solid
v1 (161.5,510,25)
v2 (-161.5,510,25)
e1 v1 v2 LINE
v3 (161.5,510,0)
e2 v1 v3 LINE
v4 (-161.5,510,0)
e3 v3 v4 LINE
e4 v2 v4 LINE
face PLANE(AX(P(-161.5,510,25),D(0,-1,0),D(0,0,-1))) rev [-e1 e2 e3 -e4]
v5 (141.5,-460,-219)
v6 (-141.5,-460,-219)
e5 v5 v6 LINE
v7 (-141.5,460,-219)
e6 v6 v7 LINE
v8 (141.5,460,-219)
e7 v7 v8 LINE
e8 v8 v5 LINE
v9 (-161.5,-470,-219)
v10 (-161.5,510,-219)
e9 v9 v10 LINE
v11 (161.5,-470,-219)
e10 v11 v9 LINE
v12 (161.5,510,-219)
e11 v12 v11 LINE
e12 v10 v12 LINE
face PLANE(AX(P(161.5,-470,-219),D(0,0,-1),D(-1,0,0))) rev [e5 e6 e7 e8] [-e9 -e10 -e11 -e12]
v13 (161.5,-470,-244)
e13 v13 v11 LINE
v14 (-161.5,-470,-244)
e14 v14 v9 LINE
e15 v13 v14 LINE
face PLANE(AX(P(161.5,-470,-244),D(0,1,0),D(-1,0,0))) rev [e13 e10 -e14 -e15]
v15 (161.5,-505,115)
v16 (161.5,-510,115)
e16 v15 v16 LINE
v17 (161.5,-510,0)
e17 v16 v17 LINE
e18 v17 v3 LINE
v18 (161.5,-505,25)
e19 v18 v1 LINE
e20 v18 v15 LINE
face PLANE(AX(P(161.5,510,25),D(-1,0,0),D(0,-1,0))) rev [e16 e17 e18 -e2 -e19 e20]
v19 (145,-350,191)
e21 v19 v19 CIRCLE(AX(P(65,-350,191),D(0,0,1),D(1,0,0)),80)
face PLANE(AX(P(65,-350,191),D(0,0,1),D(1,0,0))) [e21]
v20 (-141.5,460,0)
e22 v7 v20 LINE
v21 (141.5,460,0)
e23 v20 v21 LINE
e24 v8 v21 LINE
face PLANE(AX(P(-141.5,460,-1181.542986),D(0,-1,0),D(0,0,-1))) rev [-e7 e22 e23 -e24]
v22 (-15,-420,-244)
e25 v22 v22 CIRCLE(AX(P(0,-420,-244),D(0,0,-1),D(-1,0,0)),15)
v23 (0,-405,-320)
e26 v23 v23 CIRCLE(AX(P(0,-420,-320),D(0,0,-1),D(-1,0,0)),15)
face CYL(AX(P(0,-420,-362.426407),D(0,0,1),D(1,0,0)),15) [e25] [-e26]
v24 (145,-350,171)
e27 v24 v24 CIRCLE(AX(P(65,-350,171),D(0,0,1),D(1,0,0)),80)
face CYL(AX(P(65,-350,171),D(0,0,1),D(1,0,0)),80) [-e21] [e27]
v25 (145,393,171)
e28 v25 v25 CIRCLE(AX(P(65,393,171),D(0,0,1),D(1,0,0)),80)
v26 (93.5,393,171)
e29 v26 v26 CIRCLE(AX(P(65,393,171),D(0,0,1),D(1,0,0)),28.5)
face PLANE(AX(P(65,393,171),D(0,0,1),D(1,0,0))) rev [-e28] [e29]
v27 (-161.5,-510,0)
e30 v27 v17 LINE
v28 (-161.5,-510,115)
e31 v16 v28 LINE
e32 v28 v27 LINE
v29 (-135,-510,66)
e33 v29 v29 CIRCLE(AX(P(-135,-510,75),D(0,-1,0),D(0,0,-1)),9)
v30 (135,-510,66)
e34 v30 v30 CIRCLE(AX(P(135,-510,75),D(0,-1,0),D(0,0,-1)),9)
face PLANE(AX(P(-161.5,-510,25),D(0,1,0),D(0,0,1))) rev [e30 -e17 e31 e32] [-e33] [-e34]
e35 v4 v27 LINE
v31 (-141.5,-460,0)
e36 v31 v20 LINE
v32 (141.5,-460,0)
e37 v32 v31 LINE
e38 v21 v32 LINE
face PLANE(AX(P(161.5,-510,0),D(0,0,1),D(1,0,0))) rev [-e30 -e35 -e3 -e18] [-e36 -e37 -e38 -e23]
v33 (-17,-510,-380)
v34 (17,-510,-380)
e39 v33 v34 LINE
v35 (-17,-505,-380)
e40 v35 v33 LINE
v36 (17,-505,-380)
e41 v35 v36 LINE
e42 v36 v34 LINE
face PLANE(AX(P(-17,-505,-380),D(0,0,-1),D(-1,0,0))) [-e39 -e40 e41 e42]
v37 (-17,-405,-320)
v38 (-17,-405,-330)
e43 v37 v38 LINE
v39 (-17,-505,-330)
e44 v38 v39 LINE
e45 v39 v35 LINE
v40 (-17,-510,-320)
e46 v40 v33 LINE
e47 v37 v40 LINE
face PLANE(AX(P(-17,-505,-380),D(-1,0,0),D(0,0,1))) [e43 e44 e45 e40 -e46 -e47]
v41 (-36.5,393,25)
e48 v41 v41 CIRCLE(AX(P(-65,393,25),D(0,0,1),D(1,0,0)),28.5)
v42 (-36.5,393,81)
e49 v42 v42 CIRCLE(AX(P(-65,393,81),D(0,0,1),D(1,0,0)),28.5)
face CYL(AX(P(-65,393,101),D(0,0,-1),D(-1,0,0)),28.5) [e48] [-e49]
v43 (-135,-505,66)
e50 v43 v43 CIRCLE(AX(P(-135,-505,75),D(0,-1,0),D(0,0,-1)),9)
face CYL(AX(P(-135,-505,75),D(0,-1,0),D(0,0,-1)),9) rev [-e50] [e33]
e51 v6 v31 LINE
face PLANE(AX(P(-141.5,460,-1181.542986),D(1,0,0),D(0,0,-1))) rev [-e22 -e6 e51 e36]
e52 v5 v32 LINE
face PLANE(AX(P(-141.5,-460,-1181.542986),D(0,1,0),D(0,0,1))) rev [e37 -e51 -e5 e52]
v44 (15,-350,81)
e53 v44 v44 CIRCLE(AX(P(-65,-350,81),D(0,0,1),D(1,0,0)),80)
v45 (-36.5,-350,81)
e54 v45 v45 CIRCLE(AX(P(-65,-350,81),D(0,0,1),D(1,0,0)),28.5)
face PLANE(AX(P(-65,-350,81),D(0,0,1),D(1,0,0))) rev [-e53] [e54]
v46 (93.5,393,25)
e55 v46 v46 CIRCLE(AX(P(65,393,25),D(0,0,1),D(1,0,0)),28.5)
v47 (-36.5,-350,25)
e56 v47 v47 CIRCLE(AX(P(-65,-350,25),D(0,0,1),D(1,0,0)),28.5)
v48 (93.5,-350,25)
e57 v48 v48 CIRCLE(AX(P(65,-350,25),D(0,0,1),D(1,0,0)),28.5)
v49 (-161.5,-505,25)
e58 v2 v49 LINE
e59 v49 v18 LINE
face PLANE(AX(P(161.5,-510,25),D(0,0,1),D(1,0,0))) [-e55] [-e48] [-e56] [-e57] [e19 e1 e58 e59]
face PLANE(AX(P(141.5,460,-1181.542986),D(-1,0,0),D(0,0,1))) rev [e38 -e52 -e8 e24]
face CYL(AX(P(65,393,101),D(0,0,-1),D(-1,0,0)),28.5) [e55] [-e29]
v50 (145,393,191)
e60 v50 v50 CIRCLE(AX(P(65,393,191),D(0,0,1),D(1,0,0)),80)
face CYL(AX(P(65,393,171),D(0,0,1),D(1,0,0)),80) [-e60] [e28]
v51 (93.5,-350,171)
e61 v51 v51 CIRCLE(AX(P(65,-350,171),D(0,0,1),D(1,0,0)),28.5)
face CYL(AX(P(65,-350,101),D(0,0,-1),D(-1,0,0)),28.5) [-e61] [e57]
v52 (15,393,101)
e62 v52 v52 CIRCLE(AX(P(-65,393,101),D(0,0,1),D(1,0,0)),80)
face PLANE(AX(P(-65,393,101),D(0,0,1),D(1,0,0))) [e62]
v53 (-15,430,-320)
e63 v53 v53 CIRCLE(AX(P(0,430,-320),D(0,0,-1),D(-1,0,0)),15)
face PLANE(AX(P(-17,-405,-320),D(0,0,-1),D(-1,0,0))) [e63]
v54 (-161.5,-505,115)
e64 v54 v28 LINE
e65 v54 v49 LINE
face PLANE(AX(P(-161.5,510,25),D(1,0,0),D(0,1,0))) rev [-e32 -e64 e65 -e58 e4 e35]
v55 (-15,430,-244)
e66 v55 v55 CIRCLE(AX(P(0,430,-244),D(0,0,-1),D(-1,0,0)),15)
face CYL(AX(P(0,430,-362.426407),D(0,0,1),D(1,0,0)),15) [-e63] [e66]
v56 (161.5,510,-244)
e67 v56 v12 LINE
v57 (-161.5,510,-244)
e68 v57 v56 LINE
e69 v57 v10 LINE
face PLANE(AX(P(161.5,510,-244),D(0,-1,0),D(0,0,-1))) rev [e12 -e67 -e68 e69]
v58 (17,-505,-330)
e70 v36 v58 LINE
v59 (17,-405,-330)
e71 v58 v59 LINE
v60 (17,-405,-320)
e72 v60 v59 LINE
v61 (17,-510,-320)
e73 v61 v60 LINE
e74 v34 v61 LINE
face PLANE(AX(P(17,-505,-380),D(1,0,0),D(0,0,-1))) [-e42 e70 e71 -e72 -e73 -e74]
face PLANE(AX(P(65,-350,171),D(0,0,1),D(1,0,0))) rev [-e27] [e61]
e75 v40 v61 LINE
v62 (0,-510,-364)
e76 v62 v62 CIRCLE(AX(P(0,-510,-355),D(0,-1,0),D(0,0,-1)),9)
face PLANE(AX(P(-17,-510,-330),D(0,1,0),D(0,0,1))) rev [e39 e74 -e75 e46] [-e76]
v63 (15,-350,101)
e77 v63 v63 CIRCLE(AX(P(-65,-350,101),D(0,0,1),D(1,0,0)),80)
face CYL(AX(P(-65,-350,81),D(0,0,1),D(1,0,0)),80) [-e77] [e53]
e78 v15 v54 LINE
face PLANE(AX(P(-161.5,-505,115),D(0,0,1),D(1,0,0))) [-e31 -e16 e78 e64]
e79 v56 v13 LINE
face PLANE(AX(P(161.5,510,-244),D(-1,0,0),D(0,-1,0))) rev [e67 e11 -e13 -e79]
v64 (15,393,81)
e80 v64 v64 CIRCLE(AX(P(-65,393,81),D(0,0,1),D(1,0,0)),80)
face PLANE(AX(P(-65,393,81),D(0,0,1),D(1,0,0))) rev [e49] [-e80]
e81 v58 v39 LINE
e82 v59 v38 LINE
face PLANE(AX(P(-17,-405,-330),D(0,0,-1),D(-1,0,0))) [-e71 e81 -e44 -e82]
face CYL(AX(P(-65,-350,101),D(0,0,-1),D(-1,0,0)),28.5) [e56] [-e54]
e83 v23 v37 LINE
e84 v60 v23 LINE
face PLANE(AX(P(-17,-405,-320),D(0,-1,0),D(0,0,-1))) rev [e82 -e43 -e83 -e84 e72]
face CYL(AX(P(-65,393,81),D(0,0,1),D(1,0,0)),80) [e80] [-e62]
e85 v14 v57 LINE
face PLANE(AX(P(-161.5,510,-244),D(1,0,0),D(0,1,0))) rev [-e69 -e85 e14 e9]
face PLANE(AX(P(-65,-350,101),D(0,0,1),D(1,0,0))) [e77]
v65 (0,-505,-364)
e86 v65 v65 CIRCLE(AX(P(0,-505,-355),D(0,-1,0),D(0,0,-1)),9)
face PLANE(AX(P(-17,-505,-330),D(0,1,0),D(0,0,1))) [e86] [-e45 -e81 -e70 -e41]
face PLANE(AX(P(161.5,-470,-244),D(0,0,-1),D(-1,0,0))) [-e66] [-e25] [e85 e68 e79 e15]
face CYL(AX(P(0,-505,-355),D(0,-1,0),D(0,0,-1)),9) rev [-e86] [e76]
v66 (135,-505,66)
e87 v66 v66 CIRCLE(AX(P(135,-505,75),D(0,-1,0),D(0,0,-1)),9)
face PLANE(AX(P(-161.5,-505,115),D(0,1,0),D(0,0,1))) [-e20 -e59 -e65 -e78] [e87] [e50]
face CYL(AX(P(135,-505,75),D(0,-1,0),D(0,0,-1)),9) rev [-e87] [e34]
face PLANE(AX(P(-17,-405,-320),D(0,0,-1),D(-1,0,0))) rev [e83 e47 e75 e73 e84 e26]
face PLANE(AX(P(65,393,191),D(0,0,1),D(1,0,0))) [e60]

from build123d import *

# Parameters (mm, degrees)
SKETCH_1_W        = 323
SKETCH_1_H        = 1020
EXTRUDE_1_DEPTH   = 25
SKETCH_3_W        = 323
SKETCH_3_H        = 980
EXTRUDE_2_DEPTH   = 25
SKETCH_15_W       = 283
SKETCH_15_H       = 920
EXTRUDE3_DEPTH    = 219
SKETCH3_W         = 323
SKETCH3_H         = 90
SKETCH3_R         = 9
SKETCH3_W_2       = 34
SKETCH3_H_2       = 50
EXTRUDE6_DEPTH    = 5
SKETCH4_W         = 34
SKETCH4_H         = 105
EXTRUDE7_DEPTH    = 10
SKETCH5_R         = 15
EXTRUDE8_DEPTH    = 76
SKETCH_17_R       = 28.5
EXTRUDE_1_2_DEPTH = 76
SKETCH_18_R       = 80
EXTRUDE_2_2_DEPTH = 20
SKETCH_19_R       = 28.5
EXTRUDE_3_DEPTH   = 90
SKETCH_20_R       = 80
EXTRUDE_4_DEPTH   = 20


with BuildPart() as part:
    # Эскиз1 → Extrude 1 (new body)
    with BuildSketch(Plane.XY):
        Rectangle(SKETCH_1_W, SKETCH_1_H)
    extrude(amount=EXTRUDE_1_DEPTH)



with BuildPart() as body_2:
    # Эскиз3 → Extrude 2 (new body)
    with BuildSketch(Plane(origin=(0, 0, -219), x_dir=(-1, 0, 0), z_dir=(0, 0, -1))):
        with Locations((0, 20)):
            Rectangle(SKETCH_3_W, SKETCH_3_H)
    extrude(amount=EXTRUDE_2_DEPTH)


with BuildPart() as part_1:
    add(part.part)

    add(body_2.part)  # Extrude3 merges body 2
    # Эскиз15 → Extrude3 (add)
    with BuildSketch(Plane(origin=(0, 0, 0), x_dir=(-1, 0, 0), z_dir=(0, 0, -1))):
        Rectangle(SKETCH_15_W, SKETCH_15_H)
    extrude(amount=EXTRUDE3_DEPTH)

    # Sketch3 → Extrude6 (add)
    # profile 1 of 2: a face of its own
    with BuildSketch(Plane.XZ.offset(510)):
        with Locations((0, 70)):
            Rectangle(SKETCH3_W, SKETCH3_H)
        with Locations(Location((-135, 75, 0), (0, 0, 270))):
            Circle(SKETCH3_R, mode=Mode.SUBTRACT)
        with Locations(Location((135, 75, 0), (0, 0, 270))):
            Circle(SKETCH3_R, mode=Mode.SUBTRACT)
    # profile 2 of 2: a face of its own
    with BuildSketch(Plane.XZ.offset(510)):
        with Locations((0, -355)):
            Rectangle(SKETCH3_W_2, SKETCH3_H_2)
        with Locations(Location((0, -355, 0), (0, 0, 270))):
            Circle(SKETCH3_R, mode=Mode.SUBTRACT)
    extrude(amount=-EXTRUDE6_DEPTH)


with BuildPart() as extrude6_piece_1:
    # of the separate pieces the step leaves, piece 1, a body of its own (extrude6_pieces)
    add(part_1.part.solids().sort_by_distance((161.5, 510, -219))[0])



with BuildPart() as extrude6_piece_2:
    # of the separate pieces the step leaves, piece 2, a body of its own (extrude6_pieces)
    add(part_1.part.solids().sort_by_distance((-17, -510, -380))[0])

    # Sketch4 → Extrude7 (add)
    with BuildSketch(Plane.XY.offset(-330)):
        with Locations((0, -457.5)):
            Rectangle(SKETCH4_W, SKETCH4_H)
    extrude(amount=EXTRUDE7_DEPTH)


with BuildPart() as extrude6_piece_1_1:
    add(extrude6_piece_1.part)

    add(extrude6_piece_2.part)  # Extrude8 merges Extrude6 piece 2
    # Sketch5 → Extrude8 (add)
    with BuildSketch(Plane(origin=(0, 0, -244), x_dir=(-1, 0, 0), z_dir=(0, 0, -1))):
        with Locations(Location((0, -420, 0), (0, 0, 90))):
            Circle(SKETCH5_R)
        with Locations((0, 430)):
            Circle(SKETCH5_R)
    extrude(amount=EXTRUDE8_DEPTH)

    # Эскиз17 → Extrude 1 2 (add)
    with BuildSketch(Plane.XY.offset(25)):
        with Locations((-65, -350)):
            Circle(SKETCH_17_R)
        with Locations((65, -350)):
            Circle(SKETCH_17_R)
        with Locations((-65, 393)):
            Circle(SKETCH_17_R)
        with Locations((65, 393)):
            Circle(SKETCH_17_R)
    extrude(amount=EXTRUDE_1_2_DEPTH)

    # Эскиз18 → Extrude 2 2 (add)
    with BuildSketch(Plane.XY.offset(101)):
        with Locations((-65, 393)):
            Circle(SKETCH_18_R)
        with Locations((-65, -350)):
            Circle(SKETCH_18_R)
    extrude(amount=-EXTRUDE_2_2_DEPTH)

    # Эскиз19 → Бобышка-Вытянуть3 (add)
    with BuildSketch(Plane.XY.offset(101)):
        with Locations((65, 393)):
            Circle(SKETCH_19_R)
        with Locations((65, -350)):
            Circle(SKETCH_19_R)
    extrude(amount=EXTRUDE_3_DEPTH)

    # Эскиз20 → Бобышка-Вытянуть4 (add)
    with BuildSketch(Plane.XY.offset(191)):
        with Locations((65, 393)):
            Circle(SKETCH_20_R)
        with Locations((65, -350)):
            Circle(SKETCH_20_R)
    extrude(amount=-EXTRUDE_4_DEPTH)


solid = extrude6_piece_1_1.part
